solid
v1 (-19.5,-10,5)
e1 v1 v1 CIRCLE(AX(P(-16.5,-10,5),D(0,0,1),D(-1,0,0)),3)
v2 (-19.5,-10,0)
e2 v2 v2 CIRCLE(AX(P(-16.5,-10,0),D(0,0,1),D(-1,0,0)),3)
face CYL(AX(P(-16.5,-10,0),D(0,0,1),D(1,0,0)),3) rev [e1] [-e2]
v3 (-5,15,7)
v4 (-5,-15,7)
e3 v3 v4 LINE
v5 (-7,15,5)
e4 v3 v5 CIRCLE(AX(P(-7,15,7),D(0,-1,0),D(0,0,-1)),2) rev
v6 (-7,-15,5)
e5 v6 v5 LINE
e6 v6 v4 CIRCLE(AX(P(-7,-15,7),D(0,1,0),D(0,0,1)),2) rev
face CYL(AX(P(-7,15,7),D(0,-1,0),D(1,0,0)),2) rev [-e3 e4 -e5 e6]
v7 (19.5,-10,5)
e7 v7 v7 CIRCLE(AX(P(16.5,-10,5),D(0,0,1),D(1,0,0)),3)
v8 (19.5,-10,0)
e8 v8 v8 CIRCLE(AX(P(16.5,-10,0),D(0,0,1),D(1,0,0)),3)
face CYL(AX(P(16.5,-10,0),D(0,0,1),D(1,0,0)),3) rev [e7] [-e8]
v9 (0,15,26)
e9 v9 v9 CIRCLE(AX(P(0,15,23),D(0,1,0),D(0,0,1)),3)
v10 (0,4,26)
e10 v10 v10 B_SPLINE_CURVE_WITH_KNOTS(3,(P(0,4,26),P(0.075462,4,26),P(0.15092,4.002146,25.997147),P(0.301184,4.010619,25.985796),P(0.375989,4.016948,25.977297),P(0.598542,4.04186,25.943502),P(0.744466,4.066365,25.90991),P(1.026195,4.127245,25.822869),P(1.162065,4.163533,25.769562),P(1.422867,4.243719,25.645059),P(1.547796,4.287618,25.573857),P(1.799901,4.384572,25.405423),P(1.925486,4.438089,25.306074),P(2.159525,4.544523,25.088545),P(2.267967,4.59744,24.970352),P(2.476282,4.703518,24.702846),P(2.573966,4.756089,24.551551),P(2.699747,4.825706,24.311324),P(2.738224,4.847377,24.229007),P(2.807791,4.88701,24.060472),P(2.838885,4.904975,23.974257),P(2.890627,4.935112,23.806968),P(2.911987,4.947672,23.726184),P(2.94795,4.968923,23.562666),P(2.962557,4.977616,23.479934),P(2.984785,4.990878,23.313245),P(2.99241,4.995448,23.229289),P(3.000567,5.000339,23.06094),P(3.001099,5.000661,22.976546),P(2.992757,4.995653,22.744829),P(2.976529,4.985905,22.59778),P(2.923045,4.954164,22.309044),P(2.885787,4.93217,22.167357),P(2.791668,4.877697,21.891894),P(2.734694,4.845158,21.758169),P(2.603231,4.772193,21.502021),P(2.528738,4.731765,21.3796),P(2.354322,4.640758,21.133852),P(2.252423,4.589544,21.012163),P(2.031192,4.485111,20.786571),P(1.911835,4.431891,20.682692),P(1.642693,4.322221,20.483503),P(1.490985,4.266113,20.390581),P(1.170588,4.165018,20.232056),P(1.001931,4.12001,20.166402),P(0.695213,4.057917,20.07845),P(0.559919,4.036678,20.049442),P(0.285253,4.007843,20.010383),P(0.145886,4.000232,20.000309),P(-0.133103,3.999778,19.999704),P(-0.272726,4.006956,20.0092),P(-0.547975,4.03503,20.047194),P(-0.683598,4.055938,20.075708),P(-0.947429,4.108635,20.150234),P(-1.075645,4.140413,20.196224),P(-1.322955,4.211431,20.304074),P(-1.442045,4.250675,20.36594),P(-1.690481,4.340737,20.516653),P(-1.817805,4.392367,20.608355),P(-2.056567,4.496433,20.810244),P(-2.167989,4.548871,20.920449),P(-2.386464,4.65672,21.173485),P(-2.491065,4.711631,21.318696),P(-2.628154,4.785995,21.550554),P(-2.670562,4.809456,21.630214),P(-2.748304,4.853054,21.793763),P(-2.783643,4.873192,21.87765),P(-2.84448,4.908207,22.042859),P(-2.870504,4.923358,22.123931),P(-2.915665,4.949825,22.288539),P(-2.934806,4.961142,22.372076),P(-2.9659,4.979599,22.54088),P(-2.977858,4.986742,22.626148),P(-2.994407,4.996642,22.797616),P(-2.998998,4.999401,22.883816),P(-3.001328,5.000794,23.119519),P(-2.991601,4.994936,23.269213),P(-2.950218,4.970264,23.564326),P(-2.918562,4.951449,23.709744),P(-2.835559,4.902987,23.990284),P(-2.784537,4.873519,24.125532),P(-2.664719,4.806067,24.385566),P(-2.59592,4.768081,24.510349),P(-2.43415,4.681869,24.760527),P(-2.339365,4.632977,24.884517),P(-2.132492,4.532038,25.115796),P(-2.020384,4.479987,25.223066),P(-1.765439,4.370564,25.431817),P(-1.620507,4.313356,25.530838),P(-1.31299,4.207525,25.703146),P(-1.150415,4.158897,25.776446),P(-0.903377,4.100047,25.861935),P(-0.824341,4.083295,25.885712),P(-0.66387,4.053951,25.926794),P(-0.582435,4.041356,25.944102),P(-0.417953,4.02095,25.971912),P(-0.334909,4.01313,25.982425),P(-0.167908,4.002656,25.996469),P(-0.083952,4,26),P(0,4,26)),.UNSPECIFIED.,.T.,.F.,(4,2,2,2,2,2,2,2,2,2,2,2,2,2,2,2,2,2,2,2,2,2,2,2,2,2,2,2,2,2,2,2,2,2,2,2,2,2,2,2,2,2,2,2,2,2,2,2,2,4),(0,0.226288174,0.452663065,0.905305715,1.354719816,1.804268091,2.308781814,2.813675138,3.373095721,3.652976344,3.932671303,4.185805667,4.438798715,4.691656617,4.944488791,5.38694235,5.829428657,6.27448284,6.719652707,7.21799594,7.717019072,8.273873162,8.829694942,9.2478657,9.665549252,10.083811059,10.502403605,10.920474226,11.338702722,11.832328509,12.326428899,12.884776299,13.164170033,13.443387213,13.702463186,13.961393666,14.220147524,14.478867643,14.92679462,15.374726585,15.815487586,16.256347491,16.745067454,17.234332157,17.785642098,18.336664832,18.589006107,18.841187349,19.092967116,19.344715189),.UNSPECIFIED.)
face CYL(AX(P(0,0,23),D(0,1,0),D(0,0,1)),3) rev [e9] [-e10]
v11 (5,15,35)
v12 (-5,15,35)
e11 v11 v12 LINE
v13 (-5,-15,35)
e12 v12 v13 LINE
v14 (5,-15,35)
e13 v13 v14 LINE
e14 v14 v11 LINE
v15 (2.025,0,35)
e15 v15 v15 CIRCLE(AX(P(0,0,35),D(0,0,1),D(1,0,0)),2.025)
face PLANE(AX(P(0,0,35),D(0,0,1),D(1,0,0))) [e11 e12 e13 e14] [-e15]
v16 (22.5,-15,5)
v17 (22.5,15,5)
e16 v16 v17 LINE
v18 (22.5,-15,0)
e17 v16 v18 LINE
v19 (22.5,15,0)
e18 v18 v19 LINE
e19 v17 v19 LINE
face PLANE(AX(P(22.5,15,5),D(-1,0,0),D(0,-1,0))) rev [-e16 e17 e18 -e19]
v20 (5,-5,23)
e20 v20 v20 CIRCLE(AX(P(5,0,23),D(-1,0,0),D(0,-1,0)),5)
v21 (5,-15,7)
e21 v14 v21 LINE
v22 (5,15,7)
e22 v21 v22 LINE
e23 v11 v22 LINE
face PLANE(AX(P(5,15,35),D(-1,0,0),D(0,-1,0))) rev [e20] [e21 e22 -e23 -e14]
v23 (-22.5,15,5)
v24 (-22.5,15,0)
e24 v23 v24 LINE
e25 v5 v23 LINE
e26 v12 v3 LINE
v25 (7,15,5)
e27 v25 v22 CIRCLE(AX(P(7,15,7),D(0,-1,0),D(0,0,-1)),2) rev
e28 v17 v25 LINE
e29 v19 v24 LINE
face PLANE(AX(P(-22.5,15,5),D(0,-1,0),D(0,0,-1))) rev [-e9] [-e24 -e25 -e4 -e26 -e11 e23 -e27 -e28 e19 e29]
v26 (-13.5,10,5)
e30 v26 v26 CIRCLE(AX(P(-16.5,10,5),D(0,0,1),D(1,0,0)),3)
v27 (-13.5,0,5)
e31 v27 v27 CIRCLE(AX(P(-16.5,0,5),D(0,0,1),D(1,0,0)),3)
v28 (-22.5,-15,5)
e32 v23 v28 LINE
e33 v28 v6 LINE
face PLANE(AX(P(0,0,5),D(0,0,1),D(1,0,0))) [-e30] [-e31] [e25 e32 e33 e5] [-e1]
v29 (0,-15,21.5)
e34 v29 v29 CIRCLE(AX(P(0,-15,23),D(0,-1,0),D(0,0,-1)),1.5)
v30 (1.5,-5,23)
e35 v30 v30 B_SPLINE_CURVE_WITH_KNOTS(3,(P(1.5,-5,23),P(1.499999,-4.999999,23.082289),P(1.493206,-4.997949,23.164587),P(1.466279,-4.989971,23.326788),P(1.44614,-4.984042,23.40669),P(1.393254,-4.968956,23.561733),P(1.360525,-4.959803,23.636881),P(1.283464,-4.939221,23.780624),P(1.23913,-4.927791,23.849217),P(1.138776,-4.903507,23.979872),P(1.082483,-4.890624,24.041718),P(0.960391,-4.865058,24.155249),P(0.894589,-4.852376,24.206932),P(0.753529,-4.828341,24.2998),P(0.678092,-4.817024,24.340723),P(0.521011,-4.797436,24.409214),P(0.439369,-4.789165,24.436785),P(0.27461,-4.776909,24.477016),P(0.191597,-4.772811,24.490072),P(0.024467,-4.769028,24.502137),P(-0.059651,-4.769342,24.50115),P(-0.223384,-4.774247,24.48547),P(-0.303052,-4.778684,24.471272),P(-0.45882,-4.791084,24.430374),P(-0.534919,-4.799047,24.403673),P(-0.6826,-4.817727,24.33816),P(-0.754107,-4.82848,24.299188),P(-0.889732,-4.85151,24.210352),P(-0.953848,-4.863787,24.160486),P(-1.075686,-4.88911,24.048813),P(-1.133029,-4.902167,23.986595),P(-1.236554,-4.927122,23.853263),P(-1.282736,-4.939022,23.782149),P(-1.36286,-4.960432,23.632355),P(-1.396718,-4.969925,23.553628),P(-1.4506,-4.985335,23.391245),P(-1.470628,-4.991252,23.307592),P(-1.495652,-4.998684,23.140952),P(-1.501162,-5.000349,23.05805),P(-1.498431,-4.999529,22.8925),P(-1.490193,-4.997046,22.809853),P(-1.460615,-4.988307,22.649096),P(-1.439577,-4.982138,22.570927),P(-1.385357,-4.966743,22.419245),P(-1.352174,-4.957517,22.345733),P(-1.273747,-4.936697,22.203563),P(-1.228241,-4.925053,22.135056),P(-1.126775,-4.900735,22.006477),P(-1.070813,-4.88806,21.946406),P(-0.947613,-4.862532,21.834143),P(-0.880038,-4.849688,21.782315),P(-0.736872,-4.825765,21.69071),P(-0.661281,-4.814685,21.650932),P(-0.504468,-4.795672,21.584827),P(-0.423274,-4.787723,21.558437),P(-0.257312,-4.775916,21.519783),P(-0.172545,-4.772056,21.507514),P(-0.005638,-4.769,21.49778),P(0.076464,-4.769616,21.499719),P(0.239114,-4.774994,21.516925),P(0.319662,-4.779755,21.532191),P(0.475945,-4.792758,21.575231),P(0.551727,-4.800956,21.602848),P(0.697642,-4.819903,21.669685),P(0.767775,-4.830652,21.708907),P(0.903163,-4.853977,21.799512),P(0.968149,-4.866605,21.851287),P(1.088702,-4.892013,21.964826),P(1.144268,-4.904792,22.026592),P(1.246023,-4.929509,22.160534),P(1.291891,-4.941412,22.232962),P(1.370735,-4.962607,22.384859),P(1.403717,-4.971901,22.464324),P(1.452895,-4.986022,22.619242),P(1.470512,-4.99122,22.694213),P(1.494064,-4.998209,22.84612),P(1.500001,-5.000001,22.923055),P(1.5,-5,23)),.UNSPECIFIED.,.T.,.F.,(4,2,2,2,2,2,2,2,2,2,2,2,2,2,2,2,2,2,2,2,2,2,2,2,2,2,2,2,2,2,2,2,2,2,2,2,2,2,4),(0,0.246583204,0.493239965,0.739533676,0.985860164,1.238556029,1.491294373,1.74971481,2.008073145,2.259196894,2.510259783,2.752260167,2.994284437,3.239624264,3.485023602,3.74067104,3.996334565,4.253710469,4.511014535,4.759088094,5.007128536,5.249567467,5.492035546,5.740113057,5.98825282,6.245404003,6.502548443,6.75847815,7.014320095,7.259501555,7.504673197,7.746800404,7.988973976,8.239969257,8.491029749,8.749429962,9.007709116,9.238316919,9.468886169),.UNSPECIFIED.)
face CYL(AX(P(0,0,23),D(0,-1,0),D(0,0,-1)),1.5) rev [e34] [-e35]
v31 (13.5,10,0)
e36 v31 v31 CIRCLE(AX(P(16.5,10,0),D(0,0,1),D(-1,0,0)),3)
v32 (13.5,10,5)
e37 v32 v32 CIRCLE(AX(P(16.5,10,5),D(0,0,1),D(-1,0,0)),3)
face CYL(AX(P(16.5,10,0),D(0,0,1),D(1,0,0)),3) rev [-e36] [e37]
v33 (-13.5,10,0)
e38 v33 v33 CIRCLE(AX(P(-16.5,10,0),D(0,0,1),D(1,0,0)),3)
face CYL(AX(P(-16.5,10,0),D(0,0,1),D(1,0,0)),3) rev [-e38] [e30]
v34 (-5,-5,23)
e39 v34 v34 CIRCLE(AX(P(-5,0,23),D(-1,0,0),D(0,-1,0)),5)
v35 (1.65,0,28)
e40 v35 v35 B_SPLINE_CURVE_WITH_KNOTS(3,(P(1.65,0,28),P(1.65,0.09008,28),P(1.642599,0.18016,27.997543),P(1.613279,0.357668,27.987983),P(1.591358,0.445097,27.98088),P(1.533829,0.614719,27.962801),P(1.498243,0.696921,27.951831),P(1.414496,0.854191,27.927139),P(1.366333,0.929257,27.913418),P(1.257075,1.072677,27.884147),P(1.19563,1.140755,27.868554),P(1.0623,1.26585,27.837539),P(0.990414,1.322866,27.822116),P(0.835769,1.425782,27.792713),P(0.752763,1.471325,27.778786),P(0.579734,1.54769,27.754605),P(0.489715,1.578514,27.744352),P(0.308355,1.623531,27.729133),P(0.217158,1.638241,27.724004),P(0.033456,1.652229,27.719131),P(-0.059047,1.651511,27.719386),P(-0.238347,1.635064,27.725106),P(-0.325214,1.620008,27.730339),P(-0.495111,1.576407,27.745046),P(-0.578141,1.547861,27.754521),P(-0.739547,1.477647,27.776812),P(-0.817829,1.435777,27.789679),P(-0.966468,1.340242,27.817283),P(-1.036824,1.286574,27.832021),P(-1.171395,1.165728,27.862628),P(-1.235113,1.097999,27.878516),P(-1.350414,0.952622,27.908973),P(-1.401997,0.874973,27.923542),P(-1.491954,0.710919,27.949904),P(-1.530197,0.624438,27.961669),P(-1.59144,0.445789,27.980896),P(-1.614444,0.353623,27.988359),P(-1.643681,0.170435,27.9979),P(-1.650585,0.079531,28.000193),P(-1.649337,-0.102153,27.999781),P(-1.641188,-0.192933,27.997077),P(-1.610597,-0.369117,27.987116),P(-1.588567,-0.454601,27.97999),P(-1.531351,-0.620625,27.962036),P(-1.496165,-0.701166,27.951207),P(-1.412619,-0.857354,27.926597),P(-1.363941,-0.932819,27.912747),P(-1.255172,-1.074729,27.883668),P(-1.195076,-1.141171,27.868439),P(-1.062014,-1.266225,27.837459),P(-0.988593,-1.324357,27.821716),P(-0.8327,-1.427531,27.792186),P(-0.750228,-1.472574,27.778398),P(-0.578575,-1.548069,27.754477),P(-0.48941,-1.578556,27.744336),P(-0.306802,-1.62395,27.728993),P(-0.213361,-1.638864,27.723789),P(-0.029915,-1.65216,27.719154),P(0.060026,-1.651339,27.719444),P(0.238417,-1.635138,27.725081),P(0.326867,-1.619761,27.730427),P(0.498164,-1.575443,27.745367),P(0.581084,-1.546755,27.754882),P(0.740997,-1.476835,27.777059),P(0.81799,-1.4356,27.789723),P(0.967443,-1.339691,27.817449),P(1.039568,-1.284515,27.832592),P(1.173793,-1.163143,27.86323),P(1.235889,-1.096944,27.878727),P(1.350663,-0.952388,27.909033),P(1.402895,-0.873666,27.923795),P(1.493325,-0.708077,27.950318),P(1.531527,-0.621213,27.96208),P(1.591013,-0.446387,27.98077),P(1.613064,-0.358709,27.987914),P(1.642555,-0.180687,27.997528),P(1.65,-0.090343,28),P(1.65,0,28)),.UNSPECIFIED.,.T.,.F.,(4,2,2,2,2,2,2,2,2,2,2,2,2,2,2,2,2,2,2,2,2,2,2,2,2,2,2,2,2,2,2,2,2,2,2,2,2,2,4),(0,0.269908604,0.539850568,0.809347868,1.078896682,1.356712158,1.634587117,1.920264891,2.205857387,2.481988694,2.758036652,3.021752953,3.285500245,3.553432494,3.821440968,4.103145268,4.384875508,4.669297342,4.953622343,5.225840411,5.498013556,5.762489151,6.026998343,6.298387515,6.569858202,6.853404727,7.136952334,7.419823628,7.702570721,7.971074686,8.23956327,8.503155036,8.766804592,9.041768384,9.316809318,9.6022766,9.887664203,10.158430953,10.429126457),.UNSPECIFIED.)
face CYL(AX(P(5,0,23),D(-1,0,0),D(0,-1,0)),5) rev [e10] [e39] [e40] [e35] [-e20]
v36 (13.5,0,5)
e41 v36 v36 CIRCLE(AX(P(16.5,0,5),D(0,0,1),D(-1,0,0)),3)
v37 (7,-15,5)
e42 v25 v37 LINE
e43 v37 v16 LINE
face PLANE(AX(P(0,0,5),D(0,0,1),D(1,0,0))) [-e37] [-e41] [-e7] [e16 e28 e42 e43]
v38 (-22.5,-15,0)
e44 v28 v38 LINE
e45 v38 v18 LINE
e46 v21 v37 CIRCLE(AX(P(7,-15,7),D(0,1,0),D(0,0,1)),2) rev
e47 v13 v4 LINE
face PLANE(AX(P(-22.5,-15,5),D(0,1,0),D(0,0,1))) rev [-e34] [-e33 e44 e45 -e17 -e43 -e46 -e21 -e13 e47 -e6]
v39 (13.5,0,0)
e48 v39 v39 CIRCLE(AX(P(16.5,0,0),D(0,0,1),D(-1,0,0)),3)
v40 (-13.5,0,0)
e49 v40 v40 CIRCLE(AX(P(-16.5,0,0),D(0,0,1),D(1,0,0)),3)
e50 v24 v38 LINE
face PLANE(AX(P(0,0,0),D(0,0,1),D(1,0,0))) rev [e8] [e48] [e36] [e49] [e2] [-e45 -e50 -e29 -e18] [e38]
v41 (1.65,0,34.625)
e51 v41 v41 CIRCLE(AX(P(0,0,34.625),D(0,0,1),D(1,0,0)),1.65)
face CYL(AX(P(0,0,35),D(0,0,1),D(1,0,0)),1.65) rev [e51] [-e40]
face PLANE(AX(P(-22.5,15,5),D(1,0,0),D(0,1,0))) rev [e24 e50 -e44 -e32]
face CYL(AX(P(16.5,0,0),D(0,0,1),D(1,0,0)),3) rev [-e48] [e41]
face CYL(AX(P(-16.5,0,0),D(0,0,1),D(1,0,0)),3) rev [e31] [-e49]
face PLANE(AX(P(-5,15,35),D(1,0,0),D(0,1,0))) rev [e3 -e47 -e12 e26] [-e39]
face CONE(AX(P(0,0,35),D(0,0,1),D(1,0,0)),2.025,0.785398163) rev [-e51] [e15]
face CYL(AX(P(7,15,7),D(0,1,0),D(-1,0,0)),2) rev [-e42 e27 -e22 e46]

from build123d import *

# Parameters (mm, degrees)
SKETCH1_W                   = 45
SKETCH1_H                   = 30
BASE_DEPTH                  = 5
SKETCH2_W                   = 10
SKETCH2_H                   = 30
BOSS_EXTRUDE2_DEPTH         = 30
SKETCH3_R                   = 5
CUT_EXTRUDE3_DEPTH          = 10
SKETCH9_R                   = 3
SCREW_DEPTH                 = 5
SKETCH10_R                  = 3
TOP_HOLE_DEPTH              = 15
SKETCH11_R                  = 1.5
BOTTOM_HOLE_DEPTH           = 15
FILLET1_R                   = 2
FILLET2_R                   = 2
M4_TAPPED_HOLE3_D           = 3.3
M4_TAPPED_HOLE3_DEPTH       = 10.1
M4_TAPPED_HOLE3_CSINK_D     = 4.05
M4_TAPPED_HOLE3_CSINK_ANGLE = 90
M4_TAPPED_HOLE3_TIP         = 0.991420021


with BuildPart() as part:
    # Sketch1 → Base (new body)
    with BuildSketch(Plane.XY):
        Rectangle(SKETCH1_W, SKETCH1_H)
    extrude(amount=BASE_DEPTH)

    # Sketch2 → Boss-Extrude2 (add)
    with BuildSketch(Plane.XY.offset(5)):
        Rectangle(SKETCH2_W, SKETCH2_H)
    extrude(amount=BOSS_EXTRUDE2_DEPTH)

    # Sketch3 → Cut-Extrude3 (cut)
    with BuildSketch(Plane.ZY.offset(5)):
        with Locations((23, 0)):
            Circle(SKETCH3_R)
    extrude(amount=-CUT_EXTRUDE3_DEPTH, mode=Mode.SUBTRACT)

    # Sketch9 → Screw (cut)
    with BuildSketch(Plane.XY.offset(5)):
        with Locations((-16.5, 10)):
            Circle(SKETCH9_R)
        with Locations((-16.5, 0)):
            Circle(SKETCH9_R)
        with Locations((-16.5, -10)):
            Circle(SKETCH9_R)
        with Locations((16.5, -10)):
            Circle(SKETCH9_R)
        with Locations((16.5, 0)):
            Circle(SKETCH9_R)
        with Locations((16.5, 10)):
            Circle(SKETCH9_R)
    extrude(amount=-SCREW_DEPTH, mode=Mode.SUBTRACT)

    # Sketch10 → Top hole (cut)
    with BuildSketch(Plane(origin=(0, 15, 0), x_dir=(1, 0, 0), z_dir=(0, 1, 0))):
        with Locations((0, -23)):
            Circle(SKETCH10_R)
    extrude(amount=-TOP_HOLE_DEPTH, mode=Mode.SUBTRACT)

    # Sketch11 → Bottom hole (cut)
    with BuildSketch(Plane.XZ.offset(15)):
        with Locations((0, 23)):
            Circle(SKETCH11_R)
    extrude(amount=-BOTTOM_HOLE_DEPTH, mode=Mode.SUBTRACT)

    # Fillet1
    fillet1_edges = [part.edges().sort_by_distance(p)[0] for p in [
        (-5, 0, 5),
    ]]
    fillet(fillet1_edges, radius=FILLET1_R)

    # Fillet2
    fillet2_edges = [part.edges().sort_by_distance(p)[0] for p in [
        (5, 0, 5),
    ]]
    fillet(fillet2_edges, radius=FILLET2_R)

    # M4 Tapped Hole3
    with Locations(Plane.XY.offset(35)):
        with Locations((0, 0)):
            CounterSinkHole(M4_TAPPED_HOLE3_D / 2, M4_TAPPED_HOLE3_CSINK_D / 2, depth=M4_TAPPED_HOLE3_DEPTH, counter_sink_angle=M4_TAPPED_HOLE3_CSINK_ANGLE)
            with Locations((0, 0, -(M4_TAPPED_HOLE3_DEPTH + M4_TAPPED_HOLE3_TIP / 2))):  # 118° drill point
                Cone(0, M4_TAPPED_HOLE3_D / 2, M4_TAPPED_HOLE3_TIP, mode=Mode.SUBTRACT)


solid = part.part
